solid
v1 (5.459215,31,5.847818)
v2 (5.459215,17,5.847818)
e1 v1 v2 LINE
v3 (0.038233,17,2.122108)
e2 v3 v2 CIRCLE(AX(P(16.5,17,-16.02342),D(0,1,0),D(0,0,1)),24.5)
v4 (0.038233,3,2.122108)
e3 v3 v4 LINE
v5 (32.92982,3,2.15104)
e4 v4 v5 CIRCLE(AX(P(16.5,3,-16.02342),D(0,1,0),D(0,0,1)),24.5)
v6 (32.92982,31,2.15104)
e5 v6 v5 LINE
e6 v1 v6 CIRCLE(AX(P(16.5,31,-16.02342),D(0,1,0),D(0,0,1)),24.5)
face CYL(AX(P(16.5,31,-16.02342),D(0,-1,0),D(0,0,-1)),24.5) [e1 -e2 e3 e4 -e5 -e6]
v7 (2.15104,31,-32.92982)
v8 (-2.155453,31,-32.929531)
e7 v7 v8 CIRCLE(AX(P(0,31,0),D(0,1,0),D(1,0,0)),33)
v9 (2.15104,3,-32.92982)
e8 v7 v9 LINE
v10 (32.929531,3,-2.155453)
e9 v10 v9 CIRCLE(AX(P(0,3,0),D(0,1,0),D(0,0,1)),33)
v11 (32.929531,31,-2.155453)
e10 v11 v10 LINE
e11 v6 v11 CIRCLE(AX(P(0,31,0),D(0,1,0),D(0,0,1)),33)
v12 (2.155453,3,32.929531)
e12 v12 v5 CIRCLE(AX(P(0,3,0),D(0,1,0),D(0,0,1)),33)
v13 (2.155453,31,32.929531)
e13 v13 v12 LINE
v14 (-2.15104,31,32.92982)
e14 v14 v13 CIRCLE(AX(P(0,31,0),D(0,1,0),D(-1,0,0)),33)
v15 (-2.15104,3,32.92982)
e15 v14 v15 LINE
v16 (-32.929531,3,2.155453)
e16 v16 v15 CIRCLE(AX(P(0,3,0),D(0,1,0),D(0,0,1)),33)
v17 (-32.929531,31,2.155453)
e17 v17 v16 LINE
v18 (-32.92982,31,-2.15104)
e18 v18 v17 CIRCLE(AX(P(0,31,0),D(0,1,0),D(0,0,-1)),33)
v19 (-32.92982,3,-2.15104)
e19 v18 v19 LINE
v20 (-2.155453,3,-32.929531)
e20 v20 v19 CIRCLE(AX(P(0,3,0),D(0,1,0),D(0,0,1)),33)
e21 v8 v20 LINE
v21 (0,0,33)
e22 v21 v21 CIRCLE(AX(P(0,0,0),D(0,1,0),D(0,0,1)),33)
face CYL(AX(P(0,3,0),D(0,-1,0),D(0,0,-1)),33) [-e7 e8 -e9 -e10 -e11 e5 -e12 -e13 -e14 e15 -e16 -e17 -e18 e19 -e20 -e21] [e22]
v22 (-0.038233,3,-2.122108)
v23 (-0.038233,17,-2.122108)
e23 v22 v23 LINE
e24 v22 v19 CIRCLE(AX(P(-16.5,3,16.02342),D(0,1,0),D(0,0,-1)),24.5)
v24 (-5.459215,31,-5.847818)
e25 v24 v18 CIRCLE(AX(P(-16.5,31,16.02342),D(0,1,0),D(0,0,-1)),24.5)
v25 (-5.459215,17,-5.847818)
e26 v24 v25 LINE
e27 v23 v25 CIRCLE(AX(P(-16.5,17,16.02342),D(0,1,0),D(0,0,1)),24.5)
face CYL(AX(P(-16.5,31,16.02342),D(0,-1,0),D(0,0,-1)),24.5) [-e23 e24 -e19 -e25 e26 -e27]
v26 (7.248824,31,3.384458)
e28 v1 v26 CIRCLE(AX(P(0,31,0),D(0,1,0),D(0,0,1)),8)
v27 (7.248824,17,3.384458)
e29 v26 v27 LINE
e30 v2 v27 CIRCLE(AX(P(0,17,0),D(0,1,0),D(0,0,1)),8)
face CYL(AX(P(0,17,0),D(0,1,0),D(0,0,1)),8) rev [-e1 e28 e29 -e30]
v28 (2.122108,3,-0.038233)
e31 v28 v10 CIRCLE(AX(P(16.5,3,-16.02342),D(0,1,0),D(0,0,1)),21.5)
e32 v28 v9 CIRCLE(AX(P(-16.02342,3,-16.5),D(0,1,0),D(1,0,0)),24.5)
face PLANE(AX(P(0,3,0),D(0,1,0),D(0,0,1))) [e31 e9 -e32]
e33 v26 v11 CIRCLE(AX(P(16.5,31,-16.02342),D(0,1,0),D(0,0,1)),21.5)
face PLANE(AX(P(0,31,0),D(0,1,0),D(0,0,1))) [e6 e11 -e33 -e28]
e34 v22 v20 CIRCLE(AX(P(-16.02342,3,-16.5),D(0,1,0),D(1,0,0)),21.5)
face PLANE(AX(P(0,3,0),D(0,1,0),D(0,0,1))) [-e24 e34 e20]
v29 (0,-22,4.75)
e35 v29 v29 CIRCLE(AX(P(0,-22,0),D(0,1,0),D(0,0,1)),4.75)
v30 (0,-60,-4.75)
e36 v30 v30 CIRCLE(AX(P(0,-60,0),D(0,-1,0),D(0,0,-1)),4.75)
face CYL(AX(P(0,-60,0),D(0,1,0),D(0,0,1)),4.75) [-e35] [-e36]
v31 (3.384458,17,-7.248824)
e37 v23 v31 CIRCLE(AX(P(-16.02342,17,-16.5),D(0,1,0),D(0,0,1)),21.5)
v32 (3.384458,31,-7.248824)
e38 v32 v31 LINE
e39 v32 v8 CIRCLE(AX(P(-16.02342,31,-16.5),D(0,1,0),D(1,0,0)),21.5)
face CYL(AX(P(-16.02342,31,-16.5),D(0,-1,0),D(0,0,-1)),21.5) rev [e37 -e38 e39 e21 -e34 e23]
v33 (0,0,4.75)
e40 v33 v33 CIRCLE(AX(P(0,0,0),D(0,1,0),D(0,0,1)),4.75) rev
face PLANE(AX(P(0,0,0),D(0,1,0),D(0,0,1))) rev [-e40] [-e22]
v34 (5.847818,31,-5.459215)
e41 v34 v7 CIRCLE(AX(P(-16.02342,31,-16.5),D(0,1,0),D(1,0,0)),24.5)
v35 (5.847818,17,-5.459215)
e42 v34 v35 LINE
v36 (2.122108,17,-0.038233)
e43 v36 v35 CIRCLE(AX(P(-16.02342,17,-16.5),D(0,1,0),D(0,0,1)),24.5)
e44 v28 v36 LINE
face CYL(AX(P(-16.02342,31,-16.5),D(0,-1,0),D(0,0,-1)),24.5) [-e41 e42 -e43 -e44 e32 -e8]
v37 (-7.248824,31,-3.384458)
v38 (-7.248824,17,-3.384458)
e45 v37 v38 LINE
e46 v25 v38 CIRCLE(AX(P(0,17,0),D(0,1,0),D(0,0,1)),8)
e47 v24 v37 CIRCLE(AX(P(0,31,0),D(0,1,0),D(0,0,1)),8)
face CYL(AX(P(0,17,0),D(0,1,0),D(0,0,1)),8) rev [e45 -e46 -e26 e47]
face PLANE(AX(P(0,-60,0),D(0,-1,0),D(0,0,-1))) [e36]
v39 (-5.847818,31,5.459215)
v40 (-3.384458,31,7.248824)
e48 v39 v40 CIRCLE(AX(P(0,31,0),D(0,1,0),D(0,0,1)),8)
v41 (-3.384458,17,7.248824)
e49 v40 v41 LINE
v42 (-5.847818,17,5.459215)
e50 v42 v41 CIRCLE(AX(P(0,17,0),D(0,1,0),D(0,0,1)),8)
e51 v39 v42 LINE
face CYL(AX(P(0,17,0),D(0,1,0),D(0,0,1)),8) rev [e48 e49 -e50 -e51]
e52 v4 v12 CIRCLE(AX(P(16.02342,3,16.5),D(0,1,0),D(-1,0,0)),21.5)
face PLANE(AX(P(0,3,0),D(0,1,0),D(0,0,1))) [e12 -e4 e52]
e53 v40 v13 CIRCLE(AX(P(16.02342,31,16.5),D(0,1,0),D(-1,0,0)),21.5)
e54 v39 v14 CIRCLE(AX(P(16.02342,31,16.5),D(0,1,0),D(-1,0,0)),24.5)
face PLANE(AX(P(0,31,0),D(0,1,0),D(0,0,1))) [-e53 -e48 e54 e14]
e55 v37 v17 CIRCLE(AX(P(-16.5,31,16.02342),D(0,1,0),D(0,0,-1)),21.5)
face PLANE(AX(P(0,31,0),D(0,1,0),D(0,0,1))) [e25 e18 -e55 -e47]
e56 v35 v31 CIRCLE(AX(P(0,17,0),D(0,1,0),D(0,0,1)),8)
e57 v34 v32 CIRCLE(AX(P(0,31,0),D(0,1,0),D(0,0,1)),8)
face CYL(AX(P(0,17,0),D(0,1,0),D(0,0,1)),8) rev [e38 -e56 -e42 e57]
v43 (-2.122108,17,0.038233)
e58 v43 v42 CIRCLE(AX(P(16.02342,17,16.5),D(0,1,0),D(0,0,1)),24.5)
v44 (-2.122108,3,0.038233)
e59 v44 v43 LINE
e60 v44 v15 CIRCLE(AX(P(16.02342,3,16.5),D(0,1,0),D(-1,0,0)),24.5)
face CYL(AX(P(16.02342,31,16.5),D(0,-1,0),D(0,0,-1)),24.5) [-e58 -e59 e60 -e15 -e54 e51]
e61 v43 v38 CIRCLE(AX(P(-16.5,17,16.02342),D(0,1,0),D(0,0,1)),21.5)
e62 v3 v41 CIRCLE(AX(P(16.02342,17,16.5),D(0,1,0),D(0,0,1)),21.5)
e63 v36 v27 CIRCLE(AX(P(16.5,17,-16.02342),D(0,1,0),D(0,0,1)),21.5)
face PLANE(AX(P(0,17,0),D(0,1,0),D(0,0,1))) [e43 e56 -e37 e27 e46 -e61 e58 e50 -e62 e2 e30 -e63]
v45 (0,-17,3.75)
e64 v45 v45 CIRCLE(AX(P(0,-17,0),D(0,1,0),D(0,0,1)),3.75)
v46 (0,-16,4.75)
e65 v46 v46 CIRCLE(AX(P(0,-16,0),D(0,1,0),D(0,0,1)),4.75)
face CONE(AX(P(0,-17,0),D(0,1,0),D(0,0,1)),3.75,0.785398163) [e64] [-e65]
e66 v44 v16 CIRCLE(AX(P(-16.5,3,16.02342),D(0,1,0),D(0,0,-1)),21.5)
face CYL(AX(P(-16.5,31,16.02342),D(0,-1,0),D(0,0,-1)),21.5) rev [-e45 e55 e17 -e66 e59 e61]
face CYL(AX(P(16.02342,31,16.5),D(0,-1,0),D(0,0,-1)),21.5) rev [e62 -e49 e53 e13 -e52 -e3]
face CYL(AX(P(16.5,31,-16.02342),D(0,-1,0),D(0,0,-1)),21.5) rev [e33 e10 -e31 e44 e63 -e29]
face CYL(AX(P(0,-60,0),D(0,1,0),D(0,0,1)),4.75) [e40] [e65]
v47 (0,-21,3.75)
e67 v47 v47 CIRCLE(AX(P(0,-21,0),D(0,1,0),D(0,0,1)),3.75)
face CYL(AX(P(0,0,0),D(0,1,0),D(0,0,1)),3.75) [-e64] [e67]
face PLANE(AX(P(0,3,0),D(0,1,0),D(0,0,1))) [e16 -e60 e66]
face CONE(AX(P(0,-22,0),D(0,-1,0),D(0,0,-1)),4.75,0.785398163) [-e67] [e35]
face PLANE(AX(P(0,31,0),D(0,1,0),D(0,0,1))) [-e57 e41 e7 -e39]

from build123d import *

# Parameters (mm, degrees)
SKETCH1_R           = 33
BOSS_EXTRUDE1_DEPTH = 3
BOSS_EXTRUDE3_DEPTH = 28
CIRPATTERN2_COUNT   = 4
SKETCH4_R           = 8
CUT_EXTRUDE1_DEPTH  = 14
SKETCH5_R           = 4.75
BOSS_EXTRUDE4_DEPTH = 60


with BuildPart() as part:
    # Sketch1 → Boss-Extrude1 (new body)
    with BuildSketch(Plane(origin=(0, 0, 0), x_dir=(1, 0, 0), z_dir=(0, 1, 0))):
        with Locations(Location((0, 0, 0), (0, 0, 270))):
            Circle(SKETCH1_R)
    extrude(amount=BOSS_EXTRUDE1_DEPTH)

    # Sketch3 → Boss-Extrude3 (add)
    with BuildSketch(Plane(origin=(0, 3, 0), x_dir=(1, 0, 0), z_dir=(0, 1, 0))):
        with BuildLine():
            Line((1.076086957, 1.045005676), (-1.076086957, -1.045005676))
            ThreePointArc((-1.076086957, -1.045005676), (15.703563953, -8.46363111), (32.929819694, -2.151040426))
            ThreePointArc((32.929819694, -2.151040426), (32.999999926, 0.002211213), (32.929531131, 2.155453428))
            ThreePointArc((32.929531131, 2.155453428), (17.249059735, -5.463527063), (1.076086957, 1.045005676))
        make_face()
    boss_extrude3 = extrude(amount=BOSS_EXTRUDE3_DEPTH)

    # CirPattern2: Boss-Extrude3 ×4 about axis
    cirpattern2_axis = Axis((0, 0, 0), (0, 1, 0))
    for i in range(1, CIRPATTERN2_COUNT):
        add(boss_extrude3.rotate(cirpattern2_axis, i * 360 / CIRPATTERN2_COUNT))

    # Sketch4 → Cut-Extrude1 (cut)
    with BuildSketch(Plane(origin=(0, 31, 0), x_dir=(1, 0, 0), z_dir=(0, 1, 0))):
        Circle(SKETCH4_R)
    extrude(amount=-CUT_EXTRUDE1_DEPTH, mode=Mode.SUBTRACT)

    # Sketch5 → Boss-Extrude4 (add)
    with BuildSketch(Plane.XZ):
        with Locations(Location((0, 0, 0), (0, 0, 90))):
            Circle(SKETCH5_R)
    extrude(amount=BOSS_EXTRUDE4_DEPTH)

    # Sketch6 → Cut-Revolve1 (revolve, cut)
    with BuildSketch(Plane.XY, mode=Mode.PRIVATE) as cut_revolve1_sk:
        Polygon((-4.75, -16), (-3.75, -17), (-3.75, -21), (-4.75, -22), align=None)
    revolve(cut_revolve1_sk.sketch.rotate(Axis((0, 0, 0), (0, -1, 0)), 270), axis=Axis((0, 0, 0), (0, -1, 0)), mode=Mode.SUBTRACT)


solid = part.part
